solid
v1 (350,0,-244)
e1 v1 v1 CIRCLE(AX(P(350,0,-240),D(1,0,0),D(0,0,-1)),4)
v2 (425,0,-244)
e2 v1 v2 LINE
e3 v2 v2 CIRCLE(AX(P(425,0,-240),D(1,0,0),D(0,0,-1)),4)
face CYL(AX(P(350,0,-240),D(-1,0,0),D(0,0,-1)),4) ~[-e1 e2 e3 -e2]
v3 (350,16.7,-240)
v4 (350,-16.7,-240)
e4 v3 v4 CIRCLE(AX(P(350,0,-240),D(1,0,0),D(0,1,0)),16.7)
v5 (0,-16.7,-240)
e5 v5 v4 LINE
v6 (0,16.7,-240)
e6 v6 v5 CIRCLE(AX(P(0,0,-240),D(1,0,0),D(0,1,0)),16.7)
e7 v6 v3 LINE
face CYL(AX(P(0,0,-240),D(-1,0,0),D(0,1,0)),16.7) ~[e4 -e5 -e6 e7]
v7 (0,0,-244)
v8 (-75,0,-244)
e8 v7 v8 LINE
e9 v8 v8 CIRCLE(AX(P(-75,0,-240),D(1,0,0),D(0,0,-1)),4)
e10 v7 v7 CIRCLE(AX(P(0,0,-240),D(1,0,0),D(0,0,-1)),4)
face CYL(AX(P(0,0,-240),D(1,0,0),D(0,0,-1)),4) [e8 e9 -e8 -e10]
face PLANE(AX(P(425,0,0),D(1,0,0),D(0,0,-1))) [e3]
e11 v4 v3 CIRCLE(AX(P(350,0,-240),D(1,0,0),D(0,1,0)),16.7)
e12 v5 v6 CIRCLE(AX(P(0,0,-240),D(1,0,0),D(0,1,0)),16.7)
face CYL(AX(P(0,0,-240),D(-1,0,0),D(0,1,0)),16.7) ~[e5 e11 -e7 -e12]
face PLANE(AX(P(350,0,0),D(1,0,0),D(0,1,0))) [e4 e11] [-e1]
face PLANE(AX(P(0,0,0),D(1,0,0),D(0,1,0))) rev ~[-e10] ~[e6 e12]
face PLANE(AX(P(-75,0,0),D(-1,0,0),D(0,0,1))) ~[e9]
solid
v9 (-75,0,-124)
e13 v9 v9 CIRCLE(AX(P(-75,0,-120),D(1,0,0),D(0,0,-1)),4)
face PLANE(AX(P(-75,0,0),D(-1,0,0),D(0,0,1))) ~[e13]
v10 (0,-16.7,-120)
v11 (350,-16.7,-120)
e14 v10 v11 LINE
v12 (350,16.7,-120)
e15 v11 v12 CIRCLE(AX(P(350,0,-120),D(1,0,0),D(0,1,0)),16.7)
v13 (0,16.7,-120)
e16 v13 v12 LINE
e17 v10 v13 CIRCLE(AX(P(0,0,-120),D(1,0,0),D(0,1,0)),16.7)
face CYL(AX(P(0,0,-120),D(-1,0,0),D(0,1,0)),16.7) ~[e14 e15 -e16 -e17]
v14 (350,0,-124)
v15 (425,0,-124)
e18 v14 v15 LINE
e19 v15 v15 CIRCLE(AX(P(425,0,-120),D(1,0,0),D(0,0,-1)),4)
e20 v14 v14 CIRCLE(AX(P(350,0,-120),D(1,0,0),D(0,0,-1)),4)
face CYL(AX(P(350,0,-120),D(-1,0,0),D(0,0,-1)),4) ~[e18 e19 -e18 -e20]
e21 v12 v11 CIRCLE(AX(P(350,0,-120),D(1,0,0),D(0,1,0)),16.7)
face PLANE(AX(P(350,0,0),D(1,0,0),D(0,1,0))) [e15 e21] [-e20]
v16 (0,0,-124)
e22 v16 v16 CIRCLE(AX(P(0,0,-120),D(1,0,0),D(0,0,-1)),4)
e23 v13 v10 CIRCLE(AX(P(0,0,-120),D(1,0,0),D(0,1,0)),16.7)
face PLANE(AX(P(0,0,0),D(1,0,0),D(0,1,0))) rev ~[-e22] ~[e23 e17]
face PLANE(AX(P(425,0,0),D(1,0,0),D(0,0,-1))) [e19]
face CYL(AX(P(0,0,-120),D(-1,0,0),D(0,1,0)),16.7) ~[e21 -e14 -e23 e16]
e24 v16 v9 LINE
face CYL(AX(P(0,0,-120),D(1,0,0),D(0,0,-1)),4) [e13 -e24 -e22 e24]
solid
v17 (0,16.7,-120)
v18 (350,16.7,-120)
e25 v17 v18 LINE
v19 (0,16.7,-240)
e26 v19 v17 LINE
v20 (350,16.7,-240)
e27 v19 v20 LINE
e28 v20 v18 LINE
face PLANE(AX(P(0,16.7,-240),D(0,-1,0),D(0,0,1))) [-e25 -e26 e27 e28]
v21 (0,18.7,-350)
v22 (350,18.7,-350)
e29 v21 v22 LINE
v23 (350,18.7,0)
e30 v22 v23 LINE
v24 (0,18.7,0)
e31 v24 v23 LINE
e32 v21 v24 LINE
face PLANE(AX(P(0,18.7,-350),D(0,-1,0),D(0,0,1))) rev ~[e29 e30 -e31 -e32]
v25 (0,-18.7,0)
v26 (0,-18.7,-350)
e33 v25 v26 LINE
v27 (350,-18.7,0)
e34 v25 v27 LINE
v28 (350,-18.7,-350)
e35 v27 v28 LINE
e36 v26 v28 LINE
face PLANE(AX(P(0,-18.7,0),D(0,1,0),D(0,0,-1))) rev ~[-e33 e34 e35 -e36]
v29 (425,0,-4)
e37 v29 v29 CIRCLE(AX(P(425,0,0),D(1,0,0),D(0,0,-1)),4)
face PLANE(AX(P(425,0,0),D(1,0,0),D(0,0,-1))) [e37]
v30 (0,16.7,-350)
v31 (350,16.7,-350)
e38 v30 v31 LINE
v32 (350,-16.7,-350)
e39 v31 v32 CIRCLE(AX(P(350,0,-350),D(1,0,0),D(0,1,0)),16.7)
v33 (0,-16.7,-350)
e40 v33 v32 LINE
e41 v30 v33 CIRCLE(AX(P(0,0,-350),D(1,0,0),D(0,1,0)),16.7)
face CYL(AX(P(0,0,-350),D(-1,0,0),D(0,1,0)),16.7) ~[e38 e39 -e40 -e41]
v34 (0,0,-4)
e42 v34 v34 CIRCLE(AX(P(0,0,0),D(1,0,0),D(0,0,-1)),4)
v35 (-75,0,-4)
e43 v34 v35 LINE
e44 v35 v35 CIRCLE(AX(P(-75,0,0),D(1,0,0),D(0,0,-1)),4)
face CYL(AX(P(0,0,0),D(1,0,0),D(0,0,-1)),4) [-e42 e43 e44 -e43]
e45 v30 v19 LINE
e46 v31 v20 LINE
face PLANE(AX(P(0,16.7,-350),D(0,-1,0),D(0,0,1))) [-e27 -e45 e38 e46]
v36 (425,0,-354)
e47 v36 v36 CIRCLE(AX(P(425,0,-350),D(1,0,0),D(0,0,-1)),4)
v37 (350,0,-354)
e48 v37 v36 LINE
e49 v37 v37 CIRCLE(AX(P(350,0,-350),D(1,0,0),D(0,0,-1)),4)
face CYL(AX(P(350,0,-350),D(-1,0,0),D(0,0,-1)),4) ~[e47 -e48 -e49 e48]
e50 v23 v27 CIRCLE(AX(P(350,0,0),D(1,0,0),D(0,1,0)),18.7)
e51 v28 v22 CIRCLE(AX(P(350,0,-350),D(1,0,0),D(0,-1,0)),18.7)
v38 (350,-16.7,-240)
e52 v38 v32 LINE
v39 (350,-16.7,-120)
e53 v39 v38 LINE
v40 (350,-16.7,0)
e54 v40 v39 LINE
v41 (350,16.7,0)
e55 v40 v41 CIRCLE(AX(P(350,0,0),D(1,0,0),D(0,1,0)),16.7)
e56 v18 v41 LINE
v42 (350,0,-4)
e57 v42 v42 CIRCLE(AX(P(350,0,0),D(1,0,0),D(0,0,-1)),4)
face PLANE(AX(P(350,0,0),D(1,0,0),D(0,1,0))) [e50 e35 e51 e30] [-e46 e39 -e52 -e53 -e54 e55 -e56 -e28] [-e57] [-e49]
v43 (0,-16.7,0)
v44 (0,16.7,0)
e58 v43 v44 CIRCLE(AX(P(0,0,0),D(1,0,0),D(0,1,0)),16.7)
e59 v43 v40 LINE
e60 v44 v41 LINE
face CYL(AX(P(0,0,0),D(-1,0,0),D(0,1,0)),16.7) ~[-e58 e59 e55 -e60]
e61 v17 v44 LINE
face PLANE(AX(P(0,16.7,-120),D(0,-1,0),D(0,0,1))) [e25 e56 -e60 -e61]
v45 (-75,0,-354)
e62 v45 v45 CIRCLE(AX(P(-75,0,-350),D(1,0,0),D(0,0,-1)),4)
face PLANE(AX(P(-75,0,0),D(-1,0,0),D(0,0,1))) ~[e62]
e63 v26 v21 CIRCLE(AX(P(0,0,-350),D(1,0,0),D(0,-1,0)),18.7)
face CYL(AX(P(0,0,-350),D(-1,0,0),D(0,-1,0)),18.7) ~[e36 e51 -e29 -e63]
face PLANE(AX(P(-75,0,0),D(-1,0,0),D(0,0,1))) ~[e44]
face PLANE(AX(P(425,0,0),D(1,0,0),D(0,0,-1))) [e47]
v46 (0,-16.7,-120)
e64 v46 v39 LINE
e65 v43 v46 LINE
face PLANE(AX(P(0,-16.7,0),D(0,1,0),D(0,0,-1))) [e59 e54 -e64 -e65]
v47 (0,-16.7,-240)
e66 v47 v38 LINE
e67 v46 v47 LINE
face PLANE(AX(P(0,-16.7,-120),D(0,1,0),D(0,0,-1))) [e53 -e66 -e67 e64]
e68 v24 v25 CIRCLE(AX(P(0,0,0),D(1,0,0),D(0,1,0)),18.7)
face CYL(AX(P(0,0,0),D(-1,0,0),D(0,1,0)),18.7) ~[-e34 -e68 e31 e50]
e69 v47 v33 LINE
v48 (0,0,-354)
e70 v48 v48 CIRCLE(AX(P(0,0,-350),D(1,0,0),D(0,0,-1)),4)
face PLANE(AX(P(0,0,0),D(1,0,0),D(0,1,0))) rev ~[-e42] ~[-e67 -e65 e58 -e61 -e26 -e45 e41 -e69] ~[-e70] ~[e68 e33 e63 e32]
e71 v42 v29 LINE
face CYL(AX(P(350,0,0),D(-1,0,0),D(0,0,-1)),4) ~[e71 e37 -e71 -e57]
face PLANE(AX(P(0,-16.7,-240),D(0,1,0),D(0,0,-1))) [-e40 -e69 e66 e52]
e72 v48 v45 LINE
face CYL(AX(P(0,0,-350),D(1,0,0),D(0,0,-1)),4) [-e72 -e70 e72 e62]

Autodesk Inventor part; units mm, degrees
ref_plane "YZ Plane" through (0, 0, 0) normal (1, 0, 0) x (0, 1, 0)
ref_plane "XZ Plane" through (0, 0, 0) normal (0, 1, 0) x (-1, 0, 0)
sketch "Sketch1" plane through (0, 0, 0) normal (1, 0, 0) x (0, 1, 0)
  line L0 (0, 0) -> (0, -350) construction
  line L1 (0, 0) -> (0, -350) construction
  line L2 (-16.7, 0) -> (-16.7, -350)
  line L3 (16.7, -350) -> (16.7, 0)
  arc A0 (16.7, 0) -> (-16.7, 0) centre (0, 0) ccw
  arc A1 (-16.7, -350) -> (16.7, -350) centre (0, -350) ccw
  line L4 (0, 0) -> (0, -350) construction
  line L5 (-18.7, 0) -> (-18.7, -350)
  line L6 (18.7, -350) -> (18.7, 0)
  arc A2 (18.7, 0) -> (-18.7, 0) centre (0, 0) ccw
  arc A3 (-18.7, -350) -> (18.7, -350) centre (0, -350) ccw
  circle A4 centre (0, 0) radius 16.7
  circle A5 centre (0, -350) radius 16.7
  line L7 (0, 0) -> (0, -120) construction
  line L8 (0, -120) -> (0, -240) construction
  circle A6 centre (0, -120) radius 16.7
  circle A7 centre (0, -240) radius 16.7
  point P0 (0, -175)
  point P1 (0, -175)
  point P2 (-16.7, -240)
  point P3 (-16.7, -120)
  point P4 (16.7, 0)
  point P5 (16.7, -120)
  point P6 (16.7, -240)
  point P7 (16.7, -350)
  dimension "d0" = 350
  dimension "d1" = 33.4
  dimension "d8" = 37.4
  dimension "d9" = 120
  dimension "d10" = 120
extrude "Extrusion1" add sketch "Sketch1" along normal blind 350 contours A0 A4 | A6 | A7 | A5 A1 | A2 L6 A3 L5
sketch "Sketch2" plane through (350, 0, 0) normal (1, 0, 0) x (0, 0, -1)
  arc A0 (350, -16.7) -> (350, 25) centre (350, 0) ccw projected
  circle A1 centre (350, 0) radius 4
  circle A2 centre (240, 0) radius 4
  arc A3 (120, -16.7) -> (120, 16.7) centre (120, 0) ccw projected
  circle A4 centre (120, 0) radius 4
  arc A5 (0, -16.7) -> (0, 16.7) centre (0, 0) ccw projected
  circle A6 centre (0, 0) radius 4
  dimension "d7" = 8
extrude "Extrusion2" add sketch "Sketch2" along normal blind 75
ref_plane "Work Plane1" through (175, 0, 0) normal (-1, 0, 0) x (0, 0, 1)
mirror "Mirror1" about plane through (175, 0, 0) normal (-1, 0, 0) of "Extrusion2"
properties part number "Conveyor"
